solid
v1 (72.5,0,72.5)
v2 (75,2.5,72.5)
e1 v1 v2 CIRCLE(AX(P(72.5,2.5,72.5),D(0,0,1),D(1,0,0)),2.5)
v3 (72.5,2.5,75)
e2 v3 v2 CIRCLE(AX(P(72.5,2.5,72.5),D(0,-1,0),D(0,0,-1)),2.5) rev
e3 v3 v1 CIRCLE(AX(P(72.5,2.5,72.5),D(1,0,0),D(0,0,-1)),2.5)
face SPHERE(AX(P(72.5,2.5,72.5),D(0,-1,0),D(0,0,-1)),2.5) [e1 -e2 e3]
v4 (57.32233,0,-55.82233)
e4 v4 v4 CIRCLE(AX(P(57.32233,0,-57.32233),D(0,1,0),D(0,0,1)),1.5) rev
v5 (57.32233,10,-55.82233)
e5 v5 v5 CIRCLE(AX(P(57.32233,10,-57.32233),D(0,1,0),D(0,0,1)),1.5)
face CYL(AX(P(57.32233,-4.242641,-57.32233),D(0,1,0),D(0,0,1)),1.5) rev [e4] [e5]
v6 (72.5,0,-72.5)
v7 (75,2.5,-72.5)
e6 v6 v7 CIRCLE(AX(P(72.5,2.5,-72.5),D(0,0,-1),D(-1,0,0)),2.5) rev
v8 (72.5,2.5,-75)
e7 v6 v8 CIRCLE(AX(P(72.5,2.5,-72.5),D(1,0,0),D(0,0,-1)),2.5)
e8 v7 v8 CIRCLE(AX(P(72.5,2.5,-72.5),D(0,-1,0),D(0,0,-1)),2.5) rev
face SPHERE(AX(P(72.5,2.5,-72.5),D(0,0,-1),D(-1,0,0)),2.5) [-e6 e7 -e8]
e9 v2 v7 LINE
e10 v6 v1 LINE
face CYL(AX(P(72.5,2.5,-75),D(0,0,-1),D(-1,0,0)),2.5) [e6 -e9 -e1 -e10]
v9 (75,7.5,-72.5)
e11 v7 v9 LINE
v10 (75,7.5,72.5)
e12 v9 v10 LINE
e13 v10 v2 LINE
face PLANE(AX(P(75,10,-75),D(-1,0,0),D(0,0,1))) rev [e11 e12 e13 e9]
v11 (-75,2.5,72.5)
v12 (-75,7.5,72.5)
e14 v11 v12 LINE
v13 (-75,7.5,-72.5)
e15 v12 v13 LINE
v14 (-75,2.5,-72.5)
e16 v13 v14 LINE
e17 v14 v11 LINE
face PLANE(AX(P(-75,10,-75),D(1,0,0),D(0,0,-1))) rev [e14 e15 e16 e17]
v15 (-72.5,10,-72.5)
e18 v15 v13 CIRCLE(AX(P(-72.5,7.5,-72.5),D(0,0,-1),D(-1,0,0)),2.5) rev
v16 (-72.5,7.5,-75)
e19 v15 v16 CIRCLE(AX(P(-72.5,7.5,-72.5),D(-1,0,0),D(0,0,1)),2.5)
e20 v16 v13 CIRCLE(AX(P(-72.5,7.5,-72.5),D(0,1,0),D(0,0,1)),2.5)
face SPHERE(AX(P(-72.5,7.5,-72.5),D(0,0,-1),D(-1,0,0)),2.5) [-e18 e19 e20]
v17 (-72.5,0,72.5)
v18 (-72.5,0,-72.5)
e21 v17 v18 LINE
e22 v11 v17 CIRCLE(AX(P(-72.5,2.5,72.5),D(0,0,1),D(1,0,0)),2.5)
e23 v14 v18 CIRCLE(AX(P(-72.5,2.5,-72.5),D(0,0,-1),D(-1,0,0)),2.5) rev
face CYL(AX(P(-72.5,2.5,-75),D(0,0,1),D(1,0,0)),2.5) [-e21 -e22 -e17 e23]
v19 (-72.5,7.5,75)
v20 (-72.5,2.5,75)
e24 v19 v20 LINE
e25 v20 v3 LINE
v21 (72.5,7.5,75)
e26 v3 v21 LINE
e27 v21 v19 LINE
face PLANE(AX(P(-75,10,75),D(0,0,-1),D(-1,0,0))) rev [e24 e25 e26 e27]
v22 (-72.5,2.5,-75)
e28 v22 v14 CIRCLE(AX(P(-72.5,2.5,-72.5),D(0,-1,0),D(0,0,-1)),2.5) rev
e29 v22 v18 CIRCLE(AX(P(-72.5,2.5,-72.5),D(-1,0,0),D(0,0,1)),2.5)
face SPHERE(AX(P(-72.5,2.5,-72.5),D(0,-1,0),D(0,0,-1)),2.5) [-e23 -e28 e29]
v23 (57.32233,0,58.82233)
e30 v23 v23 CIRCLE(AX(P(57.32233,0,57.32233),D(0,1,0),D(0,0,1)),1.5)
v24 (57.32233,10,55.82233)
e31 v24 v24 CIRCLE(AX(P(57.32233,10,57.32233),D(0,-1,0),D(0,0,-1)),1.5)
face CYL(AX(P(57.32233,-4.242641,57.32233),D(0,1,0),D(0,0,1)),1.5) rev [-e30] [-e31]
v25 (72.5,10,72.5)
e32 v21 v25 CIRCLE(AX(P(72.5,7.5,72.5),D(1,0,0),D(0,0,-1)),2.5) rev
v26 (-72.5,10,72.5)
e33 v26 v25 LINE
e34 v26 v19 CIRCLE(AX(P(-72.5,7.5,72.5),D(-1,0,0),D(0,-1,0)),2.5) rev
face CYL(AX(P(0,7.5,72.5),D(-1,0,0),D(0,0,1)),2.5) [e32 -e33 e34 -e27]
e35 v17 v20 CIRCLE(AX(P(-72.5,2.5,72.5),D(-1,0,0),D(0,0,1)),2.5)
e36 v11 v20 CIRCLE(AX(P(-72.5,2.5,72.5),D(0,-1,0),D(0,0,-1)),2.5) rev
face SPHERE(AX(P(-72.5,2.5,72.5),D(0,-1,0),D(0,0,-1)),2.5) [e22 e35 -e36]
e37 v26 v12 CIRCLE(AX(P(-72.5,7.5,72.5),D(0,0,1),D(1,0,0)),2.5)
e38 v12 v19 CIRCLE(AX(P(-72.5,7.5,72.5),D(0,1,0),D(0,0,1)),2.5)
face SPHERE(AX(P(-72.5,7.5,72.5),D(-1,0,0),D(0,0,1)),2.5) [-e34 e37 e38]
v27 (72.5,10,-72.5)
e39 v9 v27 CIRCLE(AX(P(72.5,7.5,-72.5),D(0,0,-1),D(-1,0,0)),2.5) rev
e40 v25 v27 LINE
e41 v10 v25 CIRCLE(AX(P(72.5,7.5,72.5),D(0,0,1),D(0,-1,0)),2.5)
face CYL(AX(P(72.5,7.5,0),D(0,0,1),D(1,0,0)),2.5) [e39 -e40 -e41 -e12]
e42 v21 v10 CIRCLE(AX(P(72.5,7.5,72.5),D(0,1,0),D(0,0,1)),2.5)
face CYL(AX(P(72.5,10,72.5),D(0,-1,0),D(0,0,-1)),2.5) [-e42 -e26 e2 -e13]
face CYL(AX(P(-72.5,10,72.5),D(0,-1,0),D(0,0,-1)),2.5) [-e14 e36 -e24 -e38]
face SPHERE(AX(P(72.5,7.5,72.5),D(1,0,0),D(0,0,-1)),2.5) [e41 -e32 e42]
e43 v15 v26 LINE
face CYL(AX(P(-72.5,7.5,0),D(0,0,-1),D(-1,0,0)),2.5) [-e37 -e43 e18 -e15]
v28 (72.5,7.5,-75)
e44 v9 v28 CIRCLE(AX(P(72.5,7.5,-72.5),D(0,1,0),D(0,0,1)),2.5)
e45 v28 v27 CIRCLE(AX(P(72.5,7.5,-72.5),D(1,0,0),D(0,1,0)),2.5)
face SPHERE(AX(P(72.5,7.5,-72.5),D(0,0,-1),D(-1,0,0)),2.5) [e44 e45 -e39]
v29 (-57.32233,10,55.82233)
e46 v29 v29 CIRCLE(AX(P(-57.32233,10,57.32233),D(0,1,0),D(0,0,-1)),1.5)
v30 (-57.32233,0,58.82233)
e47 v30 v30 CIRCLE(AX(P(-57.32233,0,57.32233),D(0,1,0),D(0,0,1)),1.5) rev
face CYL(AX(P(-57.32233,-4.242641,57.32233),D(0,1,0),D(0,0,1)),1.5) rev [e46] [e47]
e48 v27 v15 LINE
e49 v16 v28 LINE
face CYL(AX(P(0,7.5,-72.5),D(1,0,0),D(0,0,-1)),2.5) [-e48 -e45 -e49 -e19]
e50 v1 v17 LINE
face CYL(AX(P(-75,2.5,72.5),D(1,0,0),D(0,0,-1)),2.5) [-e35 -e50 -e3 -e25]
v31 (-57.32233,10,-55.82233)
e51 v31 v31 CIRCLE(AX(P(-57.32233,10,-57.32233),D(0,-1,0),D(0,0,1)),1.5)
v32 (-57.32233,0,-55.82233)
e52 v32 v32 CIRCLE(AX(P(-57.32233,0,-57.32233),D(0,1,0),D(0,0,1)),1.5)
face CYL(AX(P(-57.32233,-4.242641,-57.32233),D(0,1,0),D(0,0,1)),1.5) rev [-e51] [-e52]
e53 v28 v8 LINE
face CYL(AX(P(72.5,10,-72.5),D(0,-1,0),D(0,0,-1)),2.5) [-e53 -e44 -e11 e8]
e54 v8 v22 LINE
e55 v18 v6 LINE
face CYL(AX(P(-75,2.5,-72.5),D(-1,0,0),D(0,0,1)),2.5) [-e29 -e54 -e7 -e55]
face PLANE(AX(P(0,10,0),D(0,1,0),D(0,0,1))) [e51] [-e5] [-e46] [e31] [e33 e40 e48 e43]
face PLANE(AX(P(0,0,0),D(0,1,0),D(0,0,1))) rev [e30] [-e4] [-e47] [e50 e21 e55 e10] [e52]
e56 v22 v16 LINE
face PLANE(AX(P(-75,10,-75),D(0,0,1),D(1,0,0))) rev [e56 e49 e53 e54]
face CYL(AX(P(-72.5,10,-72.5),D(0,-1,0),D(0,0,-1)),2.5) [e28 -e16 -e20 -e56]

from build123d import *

# Parameters (mm, degrees)
SKETCH2_W                                  = 150
SKETCH2_H                                  = 150
BOSS_EXTRUDE1_DEPTH                        = 10
SKETCH3_R                                  = 1.5
CUT_EXTRUDE1_DEPTH                         = 10
MIRROR1_AT_THE_SECOND_PLANE_COPY_1_SKETC_R = 1.5
MIRROR1_AT_THE_SECOND_PLANE_COPY_1_DEPTH   = 10
FILLET1_R                                  = 2.5


with BuildPart() as part:
    # Sketch2 → Boss-Extrude1 (new body)
    with BuildSketch(Plane(origin=(0, 0, 0), x_dir=(1, 0, 0), z_dir=(0, 1, 0))):
        Rectangle(SKETCH2_W, SKETCH2_H)
    extrude(amount=BOSS_EXTRUDE1_DEPTH)

    # Sketch3 → Cut-Extrude1 (cut)
    with BuildSketch(Plane(origin=(0, 10, 0), x_dir=(1, 0, 0), z_dir=(0, 1, 0))):
        with Locations(Location((57.32233047, 57.32233047, 0), (0, 0, 270))):
            Circle(SKETCH3_R)
    cut_extrude1 = extrude(amount=-CUT_EXTRUDE1_DEPTH, mode=Mode.SUBTRACT)

    # Mirror1: Cut-Extrude1 across plane
    add(cut_extrude1.mirror(Plane(origin=(0, 0, 0), x_dir=(1, 0, 0), z_dir=(0, 0, -1))), mode=Mode.SUBTRACT)

    # Mirror1 at the second plane: Cut-Extrude1 across plane
    add(cut_extrude1.mirror(Plane.ZY), mode=Mode.SUBTRACT)

    # Mirror1 at the second plane copy 1 sketc → Mirror1 at the second plane copy 1 (cut)
    with BuildSketch(Plane(origin=(0, 10, 0), x_dir=(-1, 0, 0), z_dir=(0, 1, 0))):
        with Locations(Location((57.32233047, 57.32233047, 0), (0, 0, 270))):
            Circle(MIRROR1_AT_THE_SECOND_PLANE_COPY_1_SKETC_R)
    extrude(amount=-MIRROR1_AT_THE_SECOND_PLANE_COPY_1_DEPTH, mode=Mode.SUBTRACT)

    # Fillet1
    fillet1_edges = [part.edges().sort_by_distance(p)[0] for p in [
        (-75, 10, 0),
        (0, 10, 75),
        (75, 10, 0),
        (0, 0, 75),
        (-75, 0, 0),
        (0, 0, -75),
        (75, 0, 0),
        (75, 5, 75),
        (-75, 5, 75),
        (-75, 5, -75),
        (75, 5, -75),
        (0, 10, -75),
    ]]
    fillet(fillet1_edges, radius=FILLET1_R)


solid = part.part
